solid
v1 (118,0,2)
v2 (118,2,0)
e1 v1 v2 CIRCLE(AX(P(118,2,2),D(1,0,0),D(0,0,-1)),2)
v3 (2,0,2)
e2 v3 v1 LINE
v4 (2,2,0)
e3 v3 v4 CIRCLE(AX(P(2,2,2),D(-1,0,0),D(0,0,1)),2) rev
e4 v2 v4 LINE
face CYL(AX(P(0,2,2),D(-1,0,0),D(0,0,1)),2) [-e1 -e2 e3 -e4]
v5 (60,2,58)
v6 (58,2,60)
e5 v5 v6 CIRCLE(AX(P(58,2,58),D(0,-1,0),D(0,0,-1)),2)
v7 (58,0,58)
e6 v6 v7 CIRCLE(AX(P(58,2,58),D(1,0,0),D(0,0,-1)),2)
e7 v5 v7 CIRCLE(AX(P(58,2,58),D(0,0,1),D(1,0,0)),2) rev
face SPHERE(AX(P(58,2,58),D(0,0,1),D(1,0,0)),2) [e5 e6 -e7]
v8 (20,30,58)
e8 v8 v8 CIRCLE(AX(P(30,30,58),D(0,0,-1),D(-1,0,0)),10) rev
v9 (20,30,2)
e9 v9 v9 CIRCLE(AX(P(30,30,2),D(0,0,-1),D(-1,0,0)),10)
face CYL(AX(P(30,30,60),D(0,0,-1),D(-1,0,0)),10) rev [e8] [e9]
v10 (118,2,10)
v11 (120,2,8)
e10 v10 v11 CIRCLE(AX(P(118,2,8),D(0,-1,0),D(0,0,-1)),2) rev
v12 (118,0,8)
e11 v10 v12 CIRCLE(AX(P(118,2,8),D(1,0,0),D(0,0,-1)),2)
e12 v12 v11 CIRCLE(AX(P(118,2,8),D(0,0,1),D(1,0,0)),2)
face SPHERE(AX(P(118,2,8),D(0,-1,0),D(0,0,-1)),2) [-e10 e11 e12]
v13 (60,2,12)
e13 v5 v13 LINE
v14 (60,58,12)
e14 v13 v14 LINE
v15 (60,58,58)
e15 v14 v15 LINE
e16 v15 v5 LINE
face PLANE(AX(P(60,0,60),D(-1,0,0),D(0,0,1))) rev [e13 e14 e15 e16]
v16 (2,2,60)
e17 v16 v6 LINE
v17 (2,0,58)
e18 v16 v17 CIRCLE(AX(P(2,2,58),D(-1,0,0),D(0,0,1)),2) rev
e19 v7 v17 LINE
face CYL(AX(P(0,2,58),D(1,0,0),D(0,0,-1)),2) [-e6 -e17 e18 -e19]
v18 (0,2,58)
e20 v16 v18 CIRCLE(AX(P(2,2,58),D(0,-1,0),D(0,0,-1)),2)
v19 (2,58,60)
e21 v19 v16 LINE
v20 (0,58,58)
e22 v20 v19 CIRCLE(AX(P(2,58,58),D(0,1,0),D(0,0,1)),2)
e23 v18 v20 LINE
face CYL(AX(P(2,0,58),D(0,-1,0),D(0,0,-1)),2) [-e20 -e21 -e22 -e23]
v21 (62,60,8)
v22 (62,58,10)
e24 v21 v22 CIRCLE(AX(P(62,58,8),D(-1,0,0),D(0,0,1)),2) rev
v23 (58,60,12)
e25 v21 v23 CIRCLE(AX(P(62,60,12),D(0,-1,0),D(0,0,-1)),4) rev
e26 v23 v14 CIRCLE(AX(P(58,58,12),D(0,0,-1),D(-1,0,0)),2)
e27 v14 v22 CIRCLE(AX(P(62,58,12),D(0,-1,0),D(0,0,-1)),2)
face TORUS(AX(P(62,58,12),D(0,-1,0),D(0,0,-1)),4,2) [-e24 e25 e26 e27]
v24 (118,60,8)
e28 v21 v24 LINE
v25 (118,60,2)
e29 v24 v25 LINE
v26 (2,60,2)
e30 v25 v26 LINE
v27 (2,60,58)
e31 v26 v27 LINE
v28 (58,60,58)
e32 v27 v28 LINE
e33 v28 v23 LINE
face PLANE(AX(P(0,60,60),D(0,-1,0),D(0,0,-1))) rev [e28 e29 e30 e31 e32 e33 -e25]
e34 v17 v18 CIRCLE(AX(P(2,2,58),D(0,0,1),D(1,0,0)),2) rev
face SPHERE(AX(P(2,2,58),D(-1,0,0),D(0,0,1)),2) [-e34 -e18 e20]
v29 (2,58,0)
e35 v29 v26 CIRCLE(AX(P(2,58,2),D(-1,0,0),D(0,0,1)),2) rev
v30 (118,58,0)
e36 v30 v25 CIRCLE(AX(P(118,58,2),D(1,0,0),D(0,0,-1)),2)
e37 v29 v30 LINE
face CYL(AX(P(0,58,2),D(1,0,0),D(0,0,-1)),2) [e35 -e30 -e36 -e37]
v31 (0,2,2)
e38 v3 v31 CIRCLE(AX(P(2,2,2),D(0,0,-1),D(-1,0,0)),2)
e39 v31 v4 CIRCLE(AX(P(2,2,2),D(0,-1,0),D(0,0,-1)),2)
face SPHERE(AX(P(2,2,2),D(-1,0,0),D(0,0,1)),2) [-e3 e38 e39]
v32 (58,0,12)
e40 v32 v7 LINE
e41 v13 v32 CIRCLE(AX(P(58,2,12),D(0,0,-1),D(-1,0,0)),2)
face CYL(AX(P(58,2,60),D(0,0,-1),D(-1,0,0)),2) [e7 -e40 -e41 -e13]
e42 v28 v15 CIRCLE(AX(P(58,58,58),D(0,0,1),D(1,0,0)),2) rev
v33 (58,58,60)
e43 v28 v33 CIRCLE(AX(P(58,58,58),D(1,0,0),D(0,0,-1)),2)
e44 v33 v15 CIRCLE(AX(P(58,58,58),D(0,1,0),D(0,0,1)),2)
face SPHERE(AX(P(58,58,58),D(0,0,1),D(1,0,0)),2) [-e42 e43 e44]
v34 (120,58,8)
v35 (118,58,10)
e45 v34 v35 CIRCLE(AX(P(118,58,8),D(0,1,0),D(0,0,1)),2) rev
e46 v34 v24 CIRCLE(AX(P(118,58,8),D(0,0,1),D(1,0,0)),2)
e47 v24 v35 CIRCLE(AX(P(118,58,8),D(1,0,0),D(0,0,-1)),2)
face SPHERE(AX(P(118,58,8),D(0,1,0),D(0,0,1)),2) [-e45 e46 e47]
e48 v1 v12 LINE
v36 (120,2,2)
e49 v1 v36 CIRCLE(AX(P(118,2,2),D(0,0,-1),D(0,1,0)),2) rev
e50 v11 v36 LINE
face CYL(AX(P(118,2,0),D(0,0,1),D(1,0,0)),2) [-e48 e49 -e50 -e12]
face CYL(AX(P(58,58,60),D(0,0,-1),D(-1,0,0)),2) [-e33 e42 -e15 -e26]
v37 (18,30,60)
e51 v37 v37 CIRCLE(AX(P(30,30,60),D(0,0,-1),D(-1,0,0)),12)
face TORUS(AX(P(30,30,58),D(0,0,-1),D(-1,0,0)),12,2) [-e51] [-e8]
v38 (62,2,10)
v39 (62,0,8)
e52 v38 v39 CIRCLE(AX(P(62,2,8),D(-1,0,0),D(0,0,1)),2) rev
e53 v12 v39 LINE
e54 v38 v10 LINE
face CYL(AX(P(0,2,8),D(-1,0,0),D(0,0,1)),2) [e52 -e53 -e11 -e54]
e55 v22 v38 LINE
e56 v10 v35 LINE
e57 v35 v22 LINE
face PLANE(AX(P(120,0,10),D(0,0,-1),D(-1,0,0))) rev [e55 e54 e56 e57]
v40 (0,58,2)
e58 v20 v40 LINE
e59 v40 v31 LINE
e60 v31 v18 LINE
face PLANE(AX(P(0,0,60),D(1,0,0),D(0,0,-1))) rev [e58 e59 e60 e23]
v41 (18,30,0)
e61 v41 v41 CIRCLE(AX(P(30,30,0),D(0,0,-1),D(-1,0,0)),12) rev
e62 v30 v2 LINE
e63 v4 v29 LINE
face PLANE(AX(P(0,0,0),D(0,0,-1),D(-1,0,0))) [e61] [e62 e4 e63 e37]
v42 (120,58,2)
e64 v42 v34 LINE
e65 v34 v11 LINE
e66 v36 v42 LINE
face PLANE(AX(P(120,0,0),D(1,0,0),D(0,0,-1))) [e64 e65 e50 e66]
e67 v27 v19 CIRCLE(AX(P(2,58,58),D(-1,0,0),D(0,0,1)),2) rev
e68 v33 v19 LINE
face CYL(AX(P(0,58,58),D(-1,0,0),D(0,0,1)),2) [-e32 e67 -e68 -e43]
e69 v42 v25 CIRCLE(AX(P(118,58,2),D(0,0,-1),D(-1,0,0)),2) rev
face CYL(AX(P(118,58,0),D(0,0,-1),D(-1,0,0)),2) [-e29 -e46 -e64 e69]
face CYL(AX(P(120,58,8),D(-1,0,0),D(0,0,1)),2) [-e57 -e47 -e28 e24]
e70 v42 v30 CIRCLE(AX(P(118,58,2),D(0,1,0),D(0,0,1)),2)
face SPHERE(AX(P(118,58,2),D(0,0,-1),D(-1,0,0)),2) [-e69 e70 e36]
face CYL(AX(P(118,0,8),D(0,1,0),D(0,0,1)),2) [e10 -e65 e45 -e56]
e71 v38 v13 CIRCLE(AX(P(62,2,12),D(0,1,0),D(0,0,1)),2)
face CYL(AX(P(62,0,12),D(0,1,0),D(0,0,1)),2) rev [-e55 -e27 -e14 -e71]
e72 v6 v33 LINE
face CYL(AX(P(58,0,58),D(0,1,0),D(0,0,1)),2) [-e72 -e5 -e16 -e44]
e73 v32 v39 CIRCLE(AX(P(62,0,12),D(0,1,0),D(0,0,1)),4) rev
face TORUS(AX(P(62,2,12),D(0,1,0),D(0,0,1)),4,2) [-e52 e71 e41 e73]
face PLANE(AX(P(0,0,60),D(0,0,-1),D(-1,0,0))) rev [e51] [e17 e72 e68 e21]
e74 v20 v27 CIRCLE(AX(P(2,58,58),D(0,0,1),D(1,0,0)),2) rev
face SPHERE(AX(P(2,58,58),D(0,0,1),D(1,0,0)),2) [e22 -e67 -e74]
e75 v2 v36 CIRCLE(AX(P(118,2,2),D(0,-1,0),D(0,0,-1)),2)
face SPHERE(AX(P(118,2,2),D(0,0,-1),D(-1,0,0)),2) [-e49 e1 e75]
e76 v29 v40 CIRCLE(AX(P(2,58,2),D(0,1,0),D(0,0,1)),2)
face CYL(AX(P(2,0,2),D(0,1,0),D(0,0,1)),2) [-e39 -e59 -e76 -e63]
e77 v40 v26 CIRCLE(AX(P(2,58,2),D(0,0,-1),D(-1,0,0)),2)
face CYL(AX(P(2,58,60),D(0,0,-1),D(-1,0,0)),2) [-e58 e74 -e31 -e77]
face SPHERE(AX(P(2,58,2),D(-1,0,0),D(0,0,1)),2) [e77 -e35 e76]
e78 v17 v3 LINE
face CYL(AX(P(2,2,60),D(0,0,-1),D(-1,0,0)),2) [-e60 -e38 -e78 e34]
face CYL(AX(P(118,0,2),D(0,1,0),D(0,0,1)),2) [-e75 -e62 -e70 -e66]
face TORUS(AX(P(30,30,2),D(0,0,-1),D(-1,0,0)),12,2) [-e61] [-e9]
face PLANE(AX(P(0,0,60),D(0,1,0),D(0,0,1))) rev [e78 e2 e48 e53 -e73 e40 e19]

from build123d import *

# Parameters (mm, degrees)
SKETCH1_W           = 60
SKETCH1_H           = 60
SKETCH1_R           = 10
BOSS_EXTRUDE1_DEPTH = 60
SKETCH2_W           = 10
SKETCH2_H           = 60
BOSS_EXTRUDE2_DEPTH = 60
FILLET1_R           = 2


with BuildPart() as part:
    # Sketch1 → Boss-Extrude1 (new body)
    with BuildSketch(Plane.XY):
        with Locations((30, 30)):
            Rectangle(SKETCH1_W, SKETCH1_H)
        with Locations((30, 30)):
            Circle(SKETCH1_R, mode=Mode.SUBTRACT)
    extrude(amount=BOSS_EXTRUDE1_DEPTH)

    # Sketch2 → Boss-Extrude2 (add)
    with BuildSketch(Plane(origin=(60, 0, 0), x_dir=(0, 0, -1), z_dir=(1, 0, 0))):
        with Locations((-5, 30)):
            Rectangle(SKETCH2_W, SKETCH2_H)
    extrude(amount=BOSS_EXTRUDE2_DEPTH)

    # Fillet1
    fillet1_edges = [part.edges().sort_by_distance(p)[0] for p in [
        (20, 30, 0),
        (20, 30, 60),
        (60, 30, 60),
        (30, 60, 60),
        (60, 30, 10),
        (90, 60, 10),
        (90, 0, 10),
        (120, 30, 0),
        (120, 60, 5),
        (120, 30, 10),
        (120, 0, 5),
        (0, 30, 60),
        (60, 60, 0),
        (60, 0, 0),
        (0, 30, 0),
        (0, 60, 30),
        (60, 60, 35),
        (60, 0, 35),
        (0, 0, 30),
        (30, 0, 60),
    ]]
    fillet(fillet1_edges, radius=FILLET1_R)


solid = part.part
